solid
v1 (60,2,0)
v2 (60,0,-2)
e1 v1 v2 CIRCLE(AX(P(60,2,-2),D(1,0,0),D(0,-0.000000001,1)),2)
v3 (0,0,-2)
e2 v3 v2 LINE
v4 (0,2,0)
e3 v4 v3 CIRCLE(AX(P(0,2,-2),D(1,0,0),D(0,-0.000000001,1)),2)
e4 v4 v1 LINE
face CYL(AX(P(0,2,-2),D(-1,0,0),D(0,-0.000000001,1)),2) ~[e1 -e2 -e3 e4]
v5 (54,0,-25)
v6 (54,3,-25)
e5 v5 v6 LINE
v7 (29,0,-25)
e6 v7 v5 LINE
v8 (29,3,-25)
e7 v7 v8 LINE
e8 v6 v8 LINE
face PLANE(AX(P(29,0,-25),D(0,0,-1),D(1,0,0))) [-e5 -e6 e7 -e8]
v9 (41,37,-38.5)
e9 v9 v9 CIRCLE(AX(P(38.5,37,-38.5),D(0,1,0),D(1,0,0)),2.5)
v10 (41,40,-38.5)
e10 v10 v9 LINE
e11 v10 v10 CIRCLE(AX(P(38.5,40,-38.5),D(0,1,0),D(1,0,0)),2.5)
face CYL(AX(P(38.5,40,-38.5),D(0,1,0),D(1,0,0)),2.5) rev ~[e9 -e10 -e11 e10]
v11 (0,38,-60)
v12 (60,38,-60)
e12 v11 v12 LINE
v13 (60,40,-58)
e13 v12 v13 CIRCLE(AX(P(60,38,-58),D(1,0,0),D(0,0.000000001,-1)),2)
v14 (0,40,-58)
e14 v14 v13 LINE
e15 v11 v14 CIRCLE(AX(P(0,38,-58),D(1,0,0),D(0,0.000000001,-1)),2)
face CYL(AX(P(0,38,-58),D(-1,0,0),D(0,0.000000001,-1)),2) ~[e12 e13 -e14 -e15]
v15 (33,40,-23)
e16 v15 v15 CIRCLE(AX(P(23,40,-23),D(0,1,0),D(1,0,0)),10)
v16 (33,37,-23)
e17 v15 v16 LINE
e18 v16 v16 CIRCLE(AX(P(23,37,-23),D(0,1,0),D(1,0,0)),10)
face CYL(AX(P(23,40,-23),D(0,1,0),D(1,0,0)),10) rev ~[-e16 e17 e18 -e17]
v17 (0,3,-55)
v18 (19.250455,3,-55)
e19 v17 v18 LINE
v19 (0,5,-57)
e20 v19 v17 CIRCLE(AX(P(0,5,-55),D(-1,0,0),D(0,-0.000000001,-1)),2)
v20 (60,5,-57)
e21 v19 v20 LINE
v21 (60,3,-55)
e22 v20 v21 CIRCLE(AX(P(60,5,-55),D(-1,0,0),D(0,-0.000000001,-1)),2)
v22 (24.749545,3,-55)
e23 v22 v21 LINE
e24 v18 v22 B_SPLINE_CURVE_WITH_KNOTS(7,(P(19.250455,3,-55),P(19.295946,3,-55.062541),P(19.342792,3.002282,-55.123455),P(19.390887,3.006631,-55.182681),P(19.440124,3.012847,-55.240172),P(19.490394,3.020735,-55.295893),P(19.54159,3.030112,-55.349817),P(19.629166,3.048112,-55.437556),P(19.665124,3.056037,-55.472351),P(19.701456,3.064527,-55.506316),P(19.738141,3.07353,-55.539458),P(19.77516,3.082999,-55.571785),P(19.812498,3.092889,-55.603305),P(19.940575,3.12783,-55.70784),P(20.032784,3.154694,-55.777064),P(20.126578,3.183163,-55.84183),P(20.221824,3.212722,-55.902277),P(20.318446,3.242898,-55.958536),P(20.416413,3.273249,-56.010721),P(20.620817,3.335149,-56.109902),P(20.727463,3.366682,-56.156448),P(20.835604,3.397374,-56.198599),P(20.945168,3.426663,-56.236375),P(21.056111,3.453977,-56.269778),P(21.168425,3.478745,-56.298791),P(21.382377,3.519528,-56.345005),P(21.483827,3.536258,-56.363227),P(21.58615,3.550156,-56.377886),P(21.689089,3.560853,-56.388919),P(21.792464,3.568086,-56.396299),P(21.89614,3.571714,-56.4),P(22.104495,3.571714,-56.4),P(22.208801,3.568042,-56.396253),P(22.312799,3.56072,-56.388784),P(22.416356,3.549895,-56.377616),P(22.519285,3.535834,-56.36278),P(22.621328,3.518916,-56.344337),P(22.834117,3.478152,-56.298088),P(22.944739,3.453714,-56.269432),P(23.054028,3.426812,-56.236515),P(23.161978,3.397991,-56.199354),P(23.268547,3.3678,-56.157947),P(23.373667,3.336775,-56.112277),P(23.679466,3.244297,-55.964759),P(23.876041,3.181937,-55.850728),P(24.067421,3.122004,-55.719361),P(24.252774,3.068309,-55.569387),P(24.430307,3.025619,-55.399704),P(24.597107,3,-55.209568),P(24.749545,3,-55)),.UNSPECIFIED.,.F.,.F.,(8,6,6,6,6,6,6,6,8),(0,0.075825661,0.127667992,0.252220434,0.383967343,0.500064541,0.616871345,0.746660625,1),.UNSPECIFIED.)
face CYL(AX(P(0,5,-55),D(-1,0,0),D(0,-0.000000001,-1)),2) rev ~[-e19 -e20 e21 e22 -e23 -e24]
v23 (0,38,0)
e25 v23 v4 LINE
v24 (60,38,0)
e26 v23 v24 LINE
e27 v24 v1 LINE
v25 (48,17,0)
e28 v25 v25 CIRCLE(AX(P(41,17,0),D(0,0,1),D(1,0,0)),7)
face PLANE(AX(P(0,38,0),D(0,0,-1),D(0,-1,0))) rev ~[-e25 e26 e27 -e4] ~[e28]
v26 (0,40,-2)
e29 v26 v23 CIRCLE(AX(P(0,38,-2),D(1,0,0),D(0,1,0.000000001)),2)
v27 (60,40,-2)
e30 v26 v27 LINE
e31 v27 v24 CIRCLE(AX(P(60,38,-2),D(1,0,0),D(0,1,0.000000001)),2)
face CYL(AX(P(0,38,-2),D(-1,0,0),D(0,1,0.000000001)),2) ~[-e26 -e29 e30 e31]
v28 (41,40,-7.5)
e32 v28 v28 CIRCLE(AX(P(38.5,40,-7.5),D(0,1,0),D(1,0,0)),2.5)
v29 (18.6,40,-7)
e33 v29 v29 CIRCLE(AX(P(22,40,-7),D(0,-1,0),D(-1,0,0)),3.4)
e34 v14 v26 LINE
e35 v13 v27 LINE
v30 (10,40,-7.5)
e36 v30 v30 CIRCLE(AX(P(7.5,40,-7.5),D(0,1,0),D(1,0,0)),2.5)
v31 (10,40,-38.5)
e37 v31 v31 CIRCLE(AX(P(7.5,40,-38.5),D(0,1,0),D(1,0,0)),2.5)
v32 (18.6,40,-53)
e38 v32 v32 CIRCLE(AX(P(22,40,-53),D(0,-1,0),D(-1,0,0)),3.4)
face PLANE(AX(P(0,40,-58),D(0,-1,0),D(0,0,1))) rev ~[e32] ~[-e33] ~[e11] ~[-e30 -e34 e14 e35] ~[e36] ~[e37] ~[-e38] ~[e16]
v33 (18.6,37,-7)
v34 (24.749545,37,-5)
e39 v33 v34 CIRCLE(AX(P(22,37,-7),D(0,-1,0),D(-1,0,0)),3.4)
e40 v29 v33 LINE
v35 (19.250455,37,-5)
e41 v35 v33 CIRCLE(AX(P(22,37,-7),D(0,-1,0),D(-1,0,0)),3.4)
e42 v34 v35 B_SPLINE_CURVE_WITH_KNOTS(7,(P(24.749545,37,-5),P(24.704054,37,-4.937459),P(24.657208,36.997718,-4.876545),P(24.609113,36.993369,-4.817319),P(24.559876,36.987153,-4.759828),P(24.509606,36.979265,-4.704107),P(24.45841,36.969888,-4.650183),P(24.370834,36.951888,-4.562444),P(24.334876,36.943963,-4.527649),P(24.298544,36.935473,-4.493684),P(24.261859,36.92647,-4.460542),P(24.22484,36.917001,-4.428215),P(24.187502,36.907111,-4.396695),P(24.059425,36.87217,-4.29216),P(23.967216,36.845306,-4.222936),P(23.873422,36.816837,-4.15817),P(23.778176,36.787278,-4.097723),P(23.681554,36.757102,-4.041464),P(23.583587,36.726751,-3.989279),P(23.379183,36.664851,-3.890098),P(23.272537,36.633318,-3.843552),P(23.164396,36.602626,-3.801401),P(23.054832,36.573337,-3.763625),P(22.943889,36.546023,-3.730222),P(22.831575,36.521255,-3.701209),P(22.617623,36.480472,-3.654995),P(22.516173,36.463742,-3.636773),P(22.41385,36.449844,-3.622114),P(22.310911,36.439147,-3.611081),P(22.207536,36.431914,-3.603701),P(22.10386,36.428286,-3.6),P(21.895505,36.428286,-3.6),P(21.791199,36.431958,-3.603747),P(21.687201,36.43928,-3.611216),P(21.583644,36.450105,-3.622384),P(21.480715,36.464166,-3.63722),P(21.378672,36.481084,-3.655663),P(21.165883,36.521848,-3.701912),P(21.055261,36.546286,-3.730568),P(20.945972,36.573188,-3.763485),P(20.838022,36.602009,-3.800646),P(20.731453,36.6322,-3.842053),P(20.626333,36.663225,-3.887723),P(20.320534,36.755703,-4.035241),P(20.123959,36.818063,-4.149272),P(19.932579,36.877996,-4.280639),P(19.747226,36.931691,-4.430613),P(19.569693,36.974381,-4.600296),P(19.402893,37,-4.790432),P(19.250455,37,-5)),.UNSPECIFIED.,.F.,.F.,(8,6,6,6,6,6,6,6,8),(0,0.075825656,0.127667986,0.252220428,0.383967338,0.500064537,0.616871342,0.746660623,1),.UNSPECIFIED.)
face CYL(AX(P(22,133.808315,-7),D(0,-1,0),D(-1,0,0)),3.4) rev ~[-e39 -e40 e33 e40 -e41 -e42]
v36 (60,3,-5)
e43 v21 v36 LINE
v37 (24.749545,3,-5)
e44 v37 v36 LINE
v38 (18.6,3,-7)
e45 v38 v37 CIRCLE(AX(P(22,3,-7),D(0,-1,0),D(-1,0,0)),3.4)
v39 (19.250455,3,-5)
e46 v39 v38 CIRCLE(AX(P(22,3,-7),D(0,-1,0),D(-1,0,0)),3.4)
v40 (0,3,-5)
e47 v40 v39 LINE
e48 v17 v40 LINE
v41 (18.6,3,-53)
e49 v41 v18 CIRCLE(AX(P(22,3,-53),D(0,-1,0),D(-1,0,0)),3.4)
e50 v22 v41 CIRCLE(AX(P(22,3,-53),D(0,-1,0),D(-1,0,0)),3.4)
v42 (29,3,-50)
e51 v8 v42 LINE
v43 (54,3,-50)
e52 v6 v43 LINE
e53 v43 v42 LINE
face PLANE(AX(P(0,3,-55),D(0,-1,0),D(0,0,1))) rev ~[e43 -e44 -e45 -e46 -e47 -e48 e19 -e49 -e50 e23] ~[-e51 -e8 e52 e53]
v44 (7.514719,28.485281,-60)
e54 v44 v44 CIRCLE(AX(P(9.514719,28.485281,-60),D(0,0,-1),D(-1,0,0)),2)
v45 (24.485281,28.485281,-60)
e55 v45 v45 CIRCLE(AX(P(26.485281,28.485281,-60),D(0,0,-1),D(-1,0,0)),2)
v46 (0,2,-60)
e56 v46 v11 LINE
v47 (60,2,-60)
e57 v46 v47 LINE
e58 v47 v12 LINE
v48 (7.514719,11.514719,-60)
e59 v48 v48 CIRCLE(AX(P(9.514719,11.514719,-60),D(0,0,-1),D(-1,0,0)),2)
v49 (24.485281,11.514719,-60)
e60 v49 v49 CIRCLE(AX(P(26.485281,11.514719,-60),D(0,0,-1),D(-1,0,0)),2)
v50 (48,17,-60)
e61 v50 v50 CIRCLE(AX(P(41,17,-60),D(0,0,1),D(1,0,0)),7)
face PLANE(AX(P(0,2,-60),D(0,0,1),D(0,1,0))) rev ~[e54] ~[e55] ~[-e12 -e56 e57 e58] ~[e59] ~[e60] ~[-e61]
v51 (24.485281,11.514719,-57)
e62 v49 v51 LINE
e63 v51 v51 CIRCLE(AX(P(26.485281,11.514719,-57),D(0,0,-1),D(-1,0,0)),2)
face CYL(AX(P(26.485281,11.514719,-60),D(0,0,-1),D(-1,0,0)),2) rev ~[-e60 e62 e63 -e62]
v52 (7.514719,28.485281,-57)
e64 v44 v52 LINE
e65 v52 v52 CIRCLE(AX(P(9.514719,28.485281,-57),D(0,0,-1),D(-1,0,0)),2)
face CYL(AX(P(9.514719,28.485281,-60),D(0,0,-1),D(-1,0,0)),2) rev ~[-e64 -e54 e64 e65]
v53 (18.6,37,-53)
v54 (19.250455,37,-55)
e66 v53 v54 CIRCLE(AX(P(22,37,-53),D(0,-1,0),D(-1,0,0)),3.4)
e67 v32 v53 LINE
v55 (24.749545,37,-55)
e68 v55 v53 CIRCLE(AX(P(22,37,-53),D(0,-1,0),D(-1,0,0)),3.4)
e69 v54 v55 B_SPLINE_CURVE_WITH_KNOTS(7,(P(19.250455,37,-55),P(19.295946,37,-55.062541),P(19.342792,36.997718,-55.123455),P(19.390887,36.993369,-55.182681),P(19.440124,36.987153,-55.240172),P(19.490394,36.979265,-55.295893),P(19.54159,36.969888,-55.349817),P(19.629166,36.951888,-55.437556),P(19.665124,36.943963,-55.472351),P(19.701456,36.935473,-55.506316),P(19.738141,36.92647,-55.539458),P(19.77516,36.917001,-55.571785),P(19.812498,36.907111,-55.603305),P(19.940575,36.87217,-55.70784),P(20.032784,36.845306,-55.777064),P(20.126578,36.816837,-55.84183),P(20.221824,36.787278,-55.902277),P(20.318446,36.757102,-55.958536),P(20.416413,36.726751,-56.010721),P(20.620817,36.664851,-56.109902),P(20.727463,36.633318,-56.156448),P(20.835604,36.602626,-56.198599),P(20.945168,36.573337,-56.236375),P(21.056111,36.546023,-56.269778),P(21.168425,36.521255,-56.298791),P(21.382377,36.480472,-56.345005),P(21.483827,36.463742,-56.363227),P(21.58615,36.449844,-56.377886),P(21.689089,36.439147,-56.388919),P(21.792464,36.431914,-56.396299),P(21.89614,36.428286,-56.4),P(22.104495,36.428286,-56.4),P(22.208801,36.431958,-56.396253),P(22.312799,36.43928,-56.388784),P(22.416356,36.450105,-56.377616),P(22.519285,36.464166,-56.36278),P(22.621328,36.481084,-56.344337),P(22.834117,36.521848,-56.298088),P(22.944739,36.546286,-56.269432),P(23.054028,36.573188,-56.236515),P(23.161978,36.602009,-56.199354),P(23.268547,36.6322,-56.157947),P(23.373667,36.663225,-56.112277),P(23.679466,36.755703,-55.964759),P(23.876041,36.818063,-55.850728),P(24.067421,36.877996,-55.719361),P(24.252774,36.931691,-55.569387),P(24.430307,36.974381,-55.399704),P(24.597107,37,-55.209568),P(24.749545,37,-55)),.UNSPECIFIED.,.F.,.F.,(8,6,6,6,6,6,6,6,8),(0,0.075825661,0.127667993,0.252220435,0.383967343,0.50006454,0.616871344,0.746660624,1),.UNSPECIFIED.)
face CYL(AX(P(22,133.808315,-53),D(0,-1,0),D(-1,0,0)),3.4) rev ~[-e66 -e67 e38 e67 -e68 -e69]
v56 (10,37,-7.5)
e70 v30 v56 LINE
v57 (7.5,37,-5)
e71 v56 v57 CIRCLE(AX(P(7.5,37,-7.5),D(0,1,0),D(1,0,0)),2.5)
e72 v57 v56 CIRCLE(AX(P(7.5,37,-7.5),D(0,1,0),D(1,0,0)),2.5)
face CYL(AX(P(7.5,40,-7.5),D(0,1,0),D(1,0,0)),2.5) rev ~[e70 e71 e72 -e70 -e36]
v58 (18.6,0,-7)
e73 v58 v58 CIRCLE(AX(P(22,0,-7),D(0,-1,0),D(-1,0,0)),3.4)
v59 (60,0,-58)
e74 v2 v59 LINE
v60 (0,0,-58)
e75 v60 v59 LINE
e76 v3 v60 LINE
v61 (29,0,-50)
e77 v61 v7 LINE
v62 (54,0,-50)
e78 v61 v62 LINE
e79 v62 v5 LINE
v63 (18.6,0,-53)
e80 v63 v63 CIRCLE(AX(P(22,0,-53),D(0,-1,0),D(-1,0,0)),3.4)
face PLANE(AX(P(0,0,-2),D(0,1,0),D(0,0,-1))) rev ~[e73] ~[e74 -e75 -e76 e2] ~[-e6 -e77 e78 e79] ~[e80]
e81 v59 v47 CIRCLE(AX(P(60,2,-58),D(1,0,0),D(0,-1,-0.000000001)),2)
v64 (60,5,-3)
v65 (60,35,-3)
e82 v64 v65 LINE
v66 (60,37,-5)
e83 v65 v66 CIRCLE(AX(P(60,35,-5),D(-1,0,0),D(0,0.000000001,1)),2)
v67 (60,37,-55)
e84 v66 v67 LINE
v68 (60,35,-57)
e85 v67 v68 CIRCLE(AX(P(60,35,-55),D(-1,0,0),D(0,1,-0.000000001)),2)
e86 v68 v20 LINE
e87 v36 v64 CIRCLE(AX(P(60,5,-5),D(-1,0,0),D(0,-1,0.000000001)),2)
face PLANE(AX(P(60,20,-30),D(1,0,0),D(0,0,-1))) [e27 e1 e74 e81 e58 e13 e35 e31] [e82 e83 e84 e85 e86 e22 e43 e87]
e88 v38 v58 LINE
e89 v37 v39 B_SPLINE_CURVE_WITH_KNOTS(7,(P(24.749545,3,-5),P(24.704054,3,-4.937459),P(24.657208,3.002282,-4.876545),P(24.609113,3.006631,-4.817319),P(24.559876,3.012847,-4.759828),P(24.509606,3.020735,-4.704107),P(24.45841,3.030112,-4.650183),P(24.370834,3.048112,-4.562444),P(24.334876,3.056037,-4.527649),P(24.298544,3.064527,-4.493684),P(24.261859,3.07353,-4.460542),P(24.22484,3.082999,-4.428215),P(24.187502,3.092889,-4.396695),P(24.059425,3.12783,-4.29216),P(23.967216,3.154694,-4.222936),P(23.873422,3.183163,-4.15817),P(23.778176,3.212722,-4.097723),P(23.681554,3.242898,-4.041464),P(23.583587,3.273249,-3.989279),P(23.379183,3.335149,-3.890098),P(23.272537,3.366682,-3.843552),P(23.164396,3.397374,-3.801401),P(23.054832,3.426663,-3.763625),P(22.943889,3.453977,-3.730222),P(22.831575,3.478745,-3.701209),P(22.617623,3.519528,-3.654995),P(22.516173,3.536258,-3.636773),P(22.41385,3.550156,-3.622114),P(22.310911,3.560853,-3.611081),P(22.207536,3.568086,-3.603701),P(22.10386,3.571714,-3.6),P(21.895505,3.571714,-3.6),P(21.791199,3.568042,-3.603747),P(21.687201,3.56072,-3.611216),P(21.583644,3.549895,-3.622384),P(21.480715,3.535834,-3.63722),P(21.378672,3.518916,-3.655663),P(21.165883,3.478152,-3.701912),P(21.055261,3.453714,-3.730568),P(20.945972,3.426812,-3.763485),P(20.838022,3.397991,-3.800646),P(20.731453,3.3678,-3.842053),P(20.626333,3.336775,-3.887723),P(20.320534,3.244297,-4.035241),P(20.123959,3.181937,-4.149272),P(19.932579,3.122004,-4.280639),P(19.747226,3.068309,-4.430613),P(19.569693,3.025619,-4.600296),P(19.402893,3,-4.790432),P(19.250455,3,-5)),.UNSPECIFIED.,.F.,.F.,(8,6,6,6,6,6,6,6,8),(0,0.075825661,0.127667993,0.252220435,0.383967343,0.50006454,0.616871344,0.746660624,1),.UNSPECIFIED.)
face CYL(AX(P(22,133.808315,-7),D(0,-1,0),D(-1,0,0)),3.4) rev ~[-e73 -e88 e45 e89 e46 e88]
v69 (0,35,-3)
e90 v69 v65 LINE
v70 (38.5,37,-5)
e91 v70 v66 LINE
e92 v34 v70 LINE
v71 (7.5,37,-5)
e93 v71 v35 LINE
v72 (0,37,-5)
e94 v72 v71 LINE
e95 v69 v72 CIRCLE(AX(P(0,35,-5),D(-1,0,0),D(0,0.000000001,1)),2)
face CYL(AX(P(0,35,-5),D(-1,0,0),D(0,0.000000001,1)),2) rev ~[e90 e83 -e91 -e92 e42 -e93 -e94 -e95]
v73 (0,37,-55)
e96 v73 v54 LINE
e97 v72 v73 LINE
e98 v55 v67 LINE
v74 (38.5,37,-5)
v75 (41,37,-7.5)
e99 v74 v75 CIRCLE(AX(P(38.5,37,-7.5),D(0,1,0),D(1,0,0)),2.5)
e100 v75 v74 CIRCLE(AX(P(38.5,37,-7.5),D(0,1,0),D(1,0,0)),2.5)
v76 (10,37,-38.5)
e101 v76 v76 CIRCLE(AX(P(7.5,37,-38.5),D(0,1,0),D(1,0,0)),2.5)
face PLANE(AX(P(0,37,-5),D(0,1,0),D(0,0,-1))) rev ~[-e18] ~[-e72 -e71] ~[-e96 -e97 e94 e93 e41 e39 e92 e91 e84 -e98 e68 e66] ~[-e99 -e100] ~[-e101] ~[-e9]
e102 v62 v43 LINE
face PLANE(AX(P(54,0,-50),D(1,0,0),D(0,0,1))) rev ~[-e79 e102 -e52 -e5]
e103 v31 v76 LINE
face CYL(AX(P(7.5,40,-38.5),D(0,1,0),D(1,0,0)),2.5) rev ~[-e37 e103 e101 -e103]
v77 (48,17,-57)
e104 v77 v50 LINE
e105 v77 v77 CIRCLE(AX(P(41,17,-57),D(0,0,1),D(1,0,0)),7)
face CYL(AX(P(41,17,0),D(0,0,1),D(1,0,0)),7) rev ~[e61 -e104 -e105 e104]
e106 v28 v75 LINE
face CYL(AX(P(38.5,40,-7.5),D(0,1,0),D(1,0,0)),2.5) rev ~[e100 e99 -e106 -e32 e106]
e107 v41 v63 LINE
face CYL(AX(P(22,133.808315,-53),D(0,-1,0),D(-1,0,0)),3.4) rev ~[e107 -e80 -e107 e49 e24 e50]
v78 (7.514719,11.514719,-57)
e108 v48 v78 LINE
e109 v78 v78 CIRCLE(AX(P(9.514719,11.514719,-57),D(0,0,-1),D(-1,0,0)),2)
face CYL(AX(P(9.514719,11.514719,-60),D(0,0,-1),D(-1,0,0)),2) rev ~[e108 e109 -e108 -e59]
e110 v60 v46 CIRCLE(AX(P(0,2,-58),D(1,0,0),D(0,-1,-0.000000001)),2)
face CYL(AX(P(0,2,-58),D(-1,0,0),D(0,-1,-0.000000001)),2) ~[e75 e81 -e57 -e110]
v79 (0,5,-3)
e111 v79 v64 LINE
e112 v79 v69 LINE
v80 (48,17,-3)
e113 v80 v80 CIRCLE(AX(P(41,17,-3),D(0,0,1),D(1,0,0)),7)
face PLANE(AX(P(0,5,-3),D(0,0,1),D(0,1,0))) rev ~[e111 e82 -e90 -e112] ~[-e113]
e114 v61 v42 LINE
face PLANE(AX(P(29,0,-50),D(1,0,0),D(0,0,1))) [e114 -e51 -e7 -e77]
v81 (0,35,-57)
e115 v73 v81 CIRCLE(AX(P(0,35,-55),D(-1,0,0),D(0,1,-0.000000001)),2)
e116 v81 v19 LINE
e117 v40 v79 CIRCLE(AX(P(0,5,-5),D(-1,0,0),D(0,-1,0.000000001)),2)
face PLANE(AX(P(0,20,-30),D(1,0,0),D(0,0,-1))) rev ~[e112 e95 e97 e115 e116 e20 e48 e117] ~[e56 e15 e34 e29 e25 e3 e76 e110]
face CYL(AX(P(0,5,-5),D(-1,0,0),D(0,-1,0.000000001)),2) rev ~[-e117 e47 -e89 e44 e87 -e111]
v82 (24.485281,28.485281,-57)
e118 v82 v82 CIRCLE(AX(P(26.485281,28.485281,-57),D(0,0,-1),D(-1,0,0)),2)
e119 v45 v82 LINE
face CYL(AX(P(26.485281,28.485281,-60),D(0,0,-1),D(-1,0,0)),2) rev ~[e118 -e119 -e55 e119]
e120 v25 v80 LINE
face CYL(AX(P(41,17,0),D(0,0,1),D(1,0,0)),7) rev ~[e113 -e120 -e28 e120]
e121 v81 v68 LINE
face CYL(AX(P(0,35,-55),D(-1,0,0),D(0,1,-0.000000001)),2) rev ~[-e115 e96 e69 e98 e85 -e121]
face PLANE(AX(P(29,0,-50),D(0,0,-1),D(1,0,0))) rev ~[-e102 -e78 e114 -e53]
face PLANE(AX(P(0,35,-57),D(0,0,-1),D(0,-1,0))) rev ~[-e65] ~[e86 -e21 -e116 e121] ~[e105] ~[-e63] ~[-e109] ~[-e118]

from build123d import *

# Parameters (mm, degrees)
EXTRUDE_1_DEPTH     = 60
CUT_EXTRUDE_1_REACH = 42
SKETCH_2_R          = 2.5
SKETCH_2_R_2        = 10
SKETCH_3_R          = 7
CUT_EXTRUDE_2_DEPTH = 61
HOLE_WIZARD_M8_1_D  = 6.8
CUT_EXTRUDE_3_REACH = 62
SKETCH_6_R          = 2
CUT_EXTRUDE_4_REACH = 42
SKETCH_7_W          = 25
SKETCH_7_H          = 25


with BuildPart() as part:
    # 草图1 → 凸台-拉伸1 (new body)
    with BuildSketch(Plane(origin=(0, 0, 0), x_dir=(0, 0, -1), z_dir=(1, 0, 0))):
        with BuildLine():
            Line((60, 2), (60, 38))
            ThreePointArc((60, 38), (59.414213562, 39.414213562), (58, 40))
            Line((58, 40), (2, 40))
            ThreePointArc((2, 40), (0.585786438, 39.414213562), (0, 38))
            Line((0, 38), (0, 2))
            ThreePointArc((0, 2), (0.585786438, 0.585786438), (2, 0))
            Line((2, 0), (58, 0))
            ThreePointArc((58, 0), (59.414213562, 0.585786438), (60, 2))
        make_face()
        with BuildLine():
            Line((3, 5), (3, 35))
            ThreePointArc((3, 35), (3.585786438, 36.414213562), (5, 37))
            Line((5, 37), (55, 37))
            ThreePointArc((55, 37), (56.414213562, 36.414213562), (57, 35))
            Line((57, 35), (57, 5))
            ThreePointArc((57, 5), (56.414213562, 3.585786438), (55, 3))
            Line((55, 3), (5, 3))
            ThreePointArc((5, 3), (3.585786438, 3.585786438), (3, 5))
        make_face(mode=Mode.SUBTRACT)
    extrude(amount=EXTRUDE_1_DEPTH)

    # 草图2 → 切除-拉伸1 (cut, up to next)
    with BuildSketch(Plane(origin=(0, 40, 0), x_dir=(1, 0, 0), z_dir=(0, 1, 0)), mode=Mode.PRIVATE) as cut_extrude_1_sk1:
        with Locations((7.5, 7.5)):
            Circle(SKETCH_2_R)
    cut_extrude_1_tool1 = extrude(cut_extrude_1_sk1.sketch, amount=-CUT_EXTRUDE_1_REACH, mode=Mode.PRIVATE) & part.part
    add(cut_extrude_1_tool1.solids().sort_by_distance((7.5, 40, -7.5))[0], mode=Mode.SUBTRACT)
    # 草图2 → 切除-拉伸1 (cut, up to next)
    with BuildSketch(Plane(origin=(0, 40, 0), x_dir=(1, 0, 0), z_dir=(0, 1, 0)), mode=Mode.PRIVATE) as cut_extrude_1_sk2:
        with Locations((38.5, 7.5)):
            Circle(SKETCH_2_R)
    cut_extrude_1_tool2 = extrude(cut_extrude_1_sk2.sketch, amount=-CUT_EXTRUDE_1_REACH, mode=Mode.PRIVATE) & part.part
    add(cut_extrude_1_tool2.solids().sort_by_distance((38.5, 40, -7.5))[0], mode=Mode.SUBTRACT)
    # 草图2 → 切除-拉伸1 (cut, up to next)
    with BuildSketch(Plane(origin=(0, 40, 0), x_dir=(1, 0, 0), z_dir=(0, 1, 0)), mode=Mode.PRIVATE) as cut_extrude_1_sk3:
        with Locations((38.5, 38.5)):
            Circle(SKETCH_2_R)
    cut_extrude_1_tool3 = extrude(cut_extrude_1_sk3.sketch, amount=-CUT_EXTRUDE_1_REACH, mode=Mode.PRIVATE) & part.part
    add(cut_extrude_1_tool3.solids().sort_by_distance((38.5, 40, -38.5))[0], mode=Mode.SUBTRACT)
    # 草图2 → 切除-拉伸1 (cut, up to next)
    with BuildSketch(Plane(origin=(0, 40, 0), x_dir=(1, 0, 0), z_dir=(0, 1, 0)), mode=Mode.PRIVATE) as cut_extrude_1_sk4:
        with Locations((7.5, 38.5)):
            Circle(SKETCH_2_R)
    cut_extrude_1_tool4 = extrude(cut_extrude_1_sk4.sketch, amount=-CUT_EXTRUDE_1_REACH, mode=Mode.PRIVATE) & part.part
    add(cut_extrude_1_tool4.solids().sort_by_distance((7.5, 40, -38.5))[0], mode=Mode.SUBTRACT)
    # 草图2 → 切除-拉伸1 (cut, up to next)
    with BuildSketch(Plane(origin=(0, 40, 0), x_dir=(1, 0, 0), z_dir=(0, 1, 0)), mode=Mode.PRIVATE) as cut_extrude_1_sk5:
        with Locations((23, 23)):
            Circle(SKETCH_2_R_2)
    cut_extrude_1_tool5 = extrude(cut_extrude_1_sk5.sketch, amount=-CUT_EXTRUDE_1_REACH, mode=Mode.PRIVATE) & part.part
    add(cut_extrude_1_tool5.solids().sort_by_distance((23, 40, -23))[0], mode=Mode.SUBTRACT)

    # 草图3 → 切除-拉伸2 (cut, through all)
    with BuildSketch(Plane.XY):
        with Locations((41, 17)):
            Circle(SKETCH_3_R)
    extrude(amount=-CUT_EXTRUDE_2_DEPTH, mode=Mode.SUBTRACT)

    # M8 螺纹孔1 (through all)
    with Locations(Plane(origin=(0, 40, 0), x_dir=(1, 0, 0), z_dir=(0, 1, 0))):
        with Locations((22, 53), (22, 7)):
            Hole(HOLE_WIZARD_M8_1_D / 2)

    # 草图6 → 切除-拉伸3 (cut, up to next)
    with BuildSketch(Plane(origin=(0, 0, -60), x_dir=(-1, 0, 0), z_dir=(0, 0, -1)), mode=Mode.PRIVATE) as cut_extrude_3_sk1:
        with Locations((-9.514718626, 11.514718626)):
            Circle(SKETCH_6_R)
    cut_extrude_3_tool1 = extrude(cut_extrude_3_sk1.sketch, amount=-CUT_EXTRUDE_3_REACH, mode=Mode.PRIVATE) & part.part
    add(cut_extrude_3_tool1.solids().sort_by_distance((9.514719, 11.514719, -60))[0], mode=Mode.SUBTRACT)
    # 草图6 → 切除-拉伸3 (cut, up to next)
    with BuildSketch(Plane(origin=(0, 0, -60), x_dir=(-1, 0, 0), z_dir=(0, 0, -1)), mode=Mode.PRIVATE) as cut_extrude_3_sk2:
        with Locations((-26.485281374, 11.514718626)):
            Circle(SKETCH_6_R)
    cut_extrude_3_tool2 = extrude(cut_extrude_3_sk2.sketch, amount=-CUT_EXTRUDE_3_REACH, mode=Mode.PRIVATE) & part.part
    add(cut_extrude_3_tool2.solids().sort_by_distance((26.485281, 11.514719, -60))[0], mode=Mode.SUBTRACT)
    # 草图6 → 切除-拉伸3 (cut, up to next)
    with BuildSketch(Plane(origin=(0, 0, -60), x_dir=(-1, 0, 0), z_dir=(0, 0, -1)), mode=Mode.PRIVATE) as cut_extrude_3_sk3:
        with Locations((-26.485281374, 28.485281374)):
            Circle(SKETCH_6_R)
    cut_extrude_3_tool3 = extrude(cut_extrude_3_sk3.sketch, amount=-CUT_EXTRUDE_3_REACH, mode=Mode.PRIVATE) & part.part
    add(cut_extrude_3_tool3.solids().sort_by_distance((26.485281, 28.485281, -60))[0], mode=Mode.SUBTRACT)
    # 草图6 → 切除-拉伸3 (cut, up to next)
    with BuildSketch(Plane(origin=(0, 0, -60), x_dir=(-1, 0, 0), z_dir=(0, 0, -1)), mode=Mode.PRIVATE) as cut_extrude_3_sk4:
        with Locations((-9.514718626, 28.485281374)):
            Circle(SKETCH_6_R)
    cut_extrude_3_tool4 = extrude(cut_extrude_3_sk4.sketch, amount=-CUT_EXTRUDE_3_REACH, mode=Mode.PRIVATE) & part.part
    add(cut_extrude_3_tool4.solids().sort_by_distance((9.514719, 28.485281, -60))[0], mode=Mode.SUBTRACT)

    # 草图7 → 切除-拉伸4 (cut, up to next)
    with BuildSketch(Plane.XZ, mode=Mode.PRIVATE) as cut_extrude_4_sk1:
        with Locations((41.5, -37.5)):
            Rectangle(SKETCH_7_W, SKETCH_7_H)
    cut_extrude_4_tool1 = extrude(cut_extrude_4_sk1.sketch, amount=-CUT_EXTRUDE_4_REACH, mode=Mode.PRIVATE) & part.part
    add(cut_extrude_4_tool1.solids().sort_by_distance((41.5, 0, -37.5))[0], mode=Mode.SUBTRACT)


solid = part.part
